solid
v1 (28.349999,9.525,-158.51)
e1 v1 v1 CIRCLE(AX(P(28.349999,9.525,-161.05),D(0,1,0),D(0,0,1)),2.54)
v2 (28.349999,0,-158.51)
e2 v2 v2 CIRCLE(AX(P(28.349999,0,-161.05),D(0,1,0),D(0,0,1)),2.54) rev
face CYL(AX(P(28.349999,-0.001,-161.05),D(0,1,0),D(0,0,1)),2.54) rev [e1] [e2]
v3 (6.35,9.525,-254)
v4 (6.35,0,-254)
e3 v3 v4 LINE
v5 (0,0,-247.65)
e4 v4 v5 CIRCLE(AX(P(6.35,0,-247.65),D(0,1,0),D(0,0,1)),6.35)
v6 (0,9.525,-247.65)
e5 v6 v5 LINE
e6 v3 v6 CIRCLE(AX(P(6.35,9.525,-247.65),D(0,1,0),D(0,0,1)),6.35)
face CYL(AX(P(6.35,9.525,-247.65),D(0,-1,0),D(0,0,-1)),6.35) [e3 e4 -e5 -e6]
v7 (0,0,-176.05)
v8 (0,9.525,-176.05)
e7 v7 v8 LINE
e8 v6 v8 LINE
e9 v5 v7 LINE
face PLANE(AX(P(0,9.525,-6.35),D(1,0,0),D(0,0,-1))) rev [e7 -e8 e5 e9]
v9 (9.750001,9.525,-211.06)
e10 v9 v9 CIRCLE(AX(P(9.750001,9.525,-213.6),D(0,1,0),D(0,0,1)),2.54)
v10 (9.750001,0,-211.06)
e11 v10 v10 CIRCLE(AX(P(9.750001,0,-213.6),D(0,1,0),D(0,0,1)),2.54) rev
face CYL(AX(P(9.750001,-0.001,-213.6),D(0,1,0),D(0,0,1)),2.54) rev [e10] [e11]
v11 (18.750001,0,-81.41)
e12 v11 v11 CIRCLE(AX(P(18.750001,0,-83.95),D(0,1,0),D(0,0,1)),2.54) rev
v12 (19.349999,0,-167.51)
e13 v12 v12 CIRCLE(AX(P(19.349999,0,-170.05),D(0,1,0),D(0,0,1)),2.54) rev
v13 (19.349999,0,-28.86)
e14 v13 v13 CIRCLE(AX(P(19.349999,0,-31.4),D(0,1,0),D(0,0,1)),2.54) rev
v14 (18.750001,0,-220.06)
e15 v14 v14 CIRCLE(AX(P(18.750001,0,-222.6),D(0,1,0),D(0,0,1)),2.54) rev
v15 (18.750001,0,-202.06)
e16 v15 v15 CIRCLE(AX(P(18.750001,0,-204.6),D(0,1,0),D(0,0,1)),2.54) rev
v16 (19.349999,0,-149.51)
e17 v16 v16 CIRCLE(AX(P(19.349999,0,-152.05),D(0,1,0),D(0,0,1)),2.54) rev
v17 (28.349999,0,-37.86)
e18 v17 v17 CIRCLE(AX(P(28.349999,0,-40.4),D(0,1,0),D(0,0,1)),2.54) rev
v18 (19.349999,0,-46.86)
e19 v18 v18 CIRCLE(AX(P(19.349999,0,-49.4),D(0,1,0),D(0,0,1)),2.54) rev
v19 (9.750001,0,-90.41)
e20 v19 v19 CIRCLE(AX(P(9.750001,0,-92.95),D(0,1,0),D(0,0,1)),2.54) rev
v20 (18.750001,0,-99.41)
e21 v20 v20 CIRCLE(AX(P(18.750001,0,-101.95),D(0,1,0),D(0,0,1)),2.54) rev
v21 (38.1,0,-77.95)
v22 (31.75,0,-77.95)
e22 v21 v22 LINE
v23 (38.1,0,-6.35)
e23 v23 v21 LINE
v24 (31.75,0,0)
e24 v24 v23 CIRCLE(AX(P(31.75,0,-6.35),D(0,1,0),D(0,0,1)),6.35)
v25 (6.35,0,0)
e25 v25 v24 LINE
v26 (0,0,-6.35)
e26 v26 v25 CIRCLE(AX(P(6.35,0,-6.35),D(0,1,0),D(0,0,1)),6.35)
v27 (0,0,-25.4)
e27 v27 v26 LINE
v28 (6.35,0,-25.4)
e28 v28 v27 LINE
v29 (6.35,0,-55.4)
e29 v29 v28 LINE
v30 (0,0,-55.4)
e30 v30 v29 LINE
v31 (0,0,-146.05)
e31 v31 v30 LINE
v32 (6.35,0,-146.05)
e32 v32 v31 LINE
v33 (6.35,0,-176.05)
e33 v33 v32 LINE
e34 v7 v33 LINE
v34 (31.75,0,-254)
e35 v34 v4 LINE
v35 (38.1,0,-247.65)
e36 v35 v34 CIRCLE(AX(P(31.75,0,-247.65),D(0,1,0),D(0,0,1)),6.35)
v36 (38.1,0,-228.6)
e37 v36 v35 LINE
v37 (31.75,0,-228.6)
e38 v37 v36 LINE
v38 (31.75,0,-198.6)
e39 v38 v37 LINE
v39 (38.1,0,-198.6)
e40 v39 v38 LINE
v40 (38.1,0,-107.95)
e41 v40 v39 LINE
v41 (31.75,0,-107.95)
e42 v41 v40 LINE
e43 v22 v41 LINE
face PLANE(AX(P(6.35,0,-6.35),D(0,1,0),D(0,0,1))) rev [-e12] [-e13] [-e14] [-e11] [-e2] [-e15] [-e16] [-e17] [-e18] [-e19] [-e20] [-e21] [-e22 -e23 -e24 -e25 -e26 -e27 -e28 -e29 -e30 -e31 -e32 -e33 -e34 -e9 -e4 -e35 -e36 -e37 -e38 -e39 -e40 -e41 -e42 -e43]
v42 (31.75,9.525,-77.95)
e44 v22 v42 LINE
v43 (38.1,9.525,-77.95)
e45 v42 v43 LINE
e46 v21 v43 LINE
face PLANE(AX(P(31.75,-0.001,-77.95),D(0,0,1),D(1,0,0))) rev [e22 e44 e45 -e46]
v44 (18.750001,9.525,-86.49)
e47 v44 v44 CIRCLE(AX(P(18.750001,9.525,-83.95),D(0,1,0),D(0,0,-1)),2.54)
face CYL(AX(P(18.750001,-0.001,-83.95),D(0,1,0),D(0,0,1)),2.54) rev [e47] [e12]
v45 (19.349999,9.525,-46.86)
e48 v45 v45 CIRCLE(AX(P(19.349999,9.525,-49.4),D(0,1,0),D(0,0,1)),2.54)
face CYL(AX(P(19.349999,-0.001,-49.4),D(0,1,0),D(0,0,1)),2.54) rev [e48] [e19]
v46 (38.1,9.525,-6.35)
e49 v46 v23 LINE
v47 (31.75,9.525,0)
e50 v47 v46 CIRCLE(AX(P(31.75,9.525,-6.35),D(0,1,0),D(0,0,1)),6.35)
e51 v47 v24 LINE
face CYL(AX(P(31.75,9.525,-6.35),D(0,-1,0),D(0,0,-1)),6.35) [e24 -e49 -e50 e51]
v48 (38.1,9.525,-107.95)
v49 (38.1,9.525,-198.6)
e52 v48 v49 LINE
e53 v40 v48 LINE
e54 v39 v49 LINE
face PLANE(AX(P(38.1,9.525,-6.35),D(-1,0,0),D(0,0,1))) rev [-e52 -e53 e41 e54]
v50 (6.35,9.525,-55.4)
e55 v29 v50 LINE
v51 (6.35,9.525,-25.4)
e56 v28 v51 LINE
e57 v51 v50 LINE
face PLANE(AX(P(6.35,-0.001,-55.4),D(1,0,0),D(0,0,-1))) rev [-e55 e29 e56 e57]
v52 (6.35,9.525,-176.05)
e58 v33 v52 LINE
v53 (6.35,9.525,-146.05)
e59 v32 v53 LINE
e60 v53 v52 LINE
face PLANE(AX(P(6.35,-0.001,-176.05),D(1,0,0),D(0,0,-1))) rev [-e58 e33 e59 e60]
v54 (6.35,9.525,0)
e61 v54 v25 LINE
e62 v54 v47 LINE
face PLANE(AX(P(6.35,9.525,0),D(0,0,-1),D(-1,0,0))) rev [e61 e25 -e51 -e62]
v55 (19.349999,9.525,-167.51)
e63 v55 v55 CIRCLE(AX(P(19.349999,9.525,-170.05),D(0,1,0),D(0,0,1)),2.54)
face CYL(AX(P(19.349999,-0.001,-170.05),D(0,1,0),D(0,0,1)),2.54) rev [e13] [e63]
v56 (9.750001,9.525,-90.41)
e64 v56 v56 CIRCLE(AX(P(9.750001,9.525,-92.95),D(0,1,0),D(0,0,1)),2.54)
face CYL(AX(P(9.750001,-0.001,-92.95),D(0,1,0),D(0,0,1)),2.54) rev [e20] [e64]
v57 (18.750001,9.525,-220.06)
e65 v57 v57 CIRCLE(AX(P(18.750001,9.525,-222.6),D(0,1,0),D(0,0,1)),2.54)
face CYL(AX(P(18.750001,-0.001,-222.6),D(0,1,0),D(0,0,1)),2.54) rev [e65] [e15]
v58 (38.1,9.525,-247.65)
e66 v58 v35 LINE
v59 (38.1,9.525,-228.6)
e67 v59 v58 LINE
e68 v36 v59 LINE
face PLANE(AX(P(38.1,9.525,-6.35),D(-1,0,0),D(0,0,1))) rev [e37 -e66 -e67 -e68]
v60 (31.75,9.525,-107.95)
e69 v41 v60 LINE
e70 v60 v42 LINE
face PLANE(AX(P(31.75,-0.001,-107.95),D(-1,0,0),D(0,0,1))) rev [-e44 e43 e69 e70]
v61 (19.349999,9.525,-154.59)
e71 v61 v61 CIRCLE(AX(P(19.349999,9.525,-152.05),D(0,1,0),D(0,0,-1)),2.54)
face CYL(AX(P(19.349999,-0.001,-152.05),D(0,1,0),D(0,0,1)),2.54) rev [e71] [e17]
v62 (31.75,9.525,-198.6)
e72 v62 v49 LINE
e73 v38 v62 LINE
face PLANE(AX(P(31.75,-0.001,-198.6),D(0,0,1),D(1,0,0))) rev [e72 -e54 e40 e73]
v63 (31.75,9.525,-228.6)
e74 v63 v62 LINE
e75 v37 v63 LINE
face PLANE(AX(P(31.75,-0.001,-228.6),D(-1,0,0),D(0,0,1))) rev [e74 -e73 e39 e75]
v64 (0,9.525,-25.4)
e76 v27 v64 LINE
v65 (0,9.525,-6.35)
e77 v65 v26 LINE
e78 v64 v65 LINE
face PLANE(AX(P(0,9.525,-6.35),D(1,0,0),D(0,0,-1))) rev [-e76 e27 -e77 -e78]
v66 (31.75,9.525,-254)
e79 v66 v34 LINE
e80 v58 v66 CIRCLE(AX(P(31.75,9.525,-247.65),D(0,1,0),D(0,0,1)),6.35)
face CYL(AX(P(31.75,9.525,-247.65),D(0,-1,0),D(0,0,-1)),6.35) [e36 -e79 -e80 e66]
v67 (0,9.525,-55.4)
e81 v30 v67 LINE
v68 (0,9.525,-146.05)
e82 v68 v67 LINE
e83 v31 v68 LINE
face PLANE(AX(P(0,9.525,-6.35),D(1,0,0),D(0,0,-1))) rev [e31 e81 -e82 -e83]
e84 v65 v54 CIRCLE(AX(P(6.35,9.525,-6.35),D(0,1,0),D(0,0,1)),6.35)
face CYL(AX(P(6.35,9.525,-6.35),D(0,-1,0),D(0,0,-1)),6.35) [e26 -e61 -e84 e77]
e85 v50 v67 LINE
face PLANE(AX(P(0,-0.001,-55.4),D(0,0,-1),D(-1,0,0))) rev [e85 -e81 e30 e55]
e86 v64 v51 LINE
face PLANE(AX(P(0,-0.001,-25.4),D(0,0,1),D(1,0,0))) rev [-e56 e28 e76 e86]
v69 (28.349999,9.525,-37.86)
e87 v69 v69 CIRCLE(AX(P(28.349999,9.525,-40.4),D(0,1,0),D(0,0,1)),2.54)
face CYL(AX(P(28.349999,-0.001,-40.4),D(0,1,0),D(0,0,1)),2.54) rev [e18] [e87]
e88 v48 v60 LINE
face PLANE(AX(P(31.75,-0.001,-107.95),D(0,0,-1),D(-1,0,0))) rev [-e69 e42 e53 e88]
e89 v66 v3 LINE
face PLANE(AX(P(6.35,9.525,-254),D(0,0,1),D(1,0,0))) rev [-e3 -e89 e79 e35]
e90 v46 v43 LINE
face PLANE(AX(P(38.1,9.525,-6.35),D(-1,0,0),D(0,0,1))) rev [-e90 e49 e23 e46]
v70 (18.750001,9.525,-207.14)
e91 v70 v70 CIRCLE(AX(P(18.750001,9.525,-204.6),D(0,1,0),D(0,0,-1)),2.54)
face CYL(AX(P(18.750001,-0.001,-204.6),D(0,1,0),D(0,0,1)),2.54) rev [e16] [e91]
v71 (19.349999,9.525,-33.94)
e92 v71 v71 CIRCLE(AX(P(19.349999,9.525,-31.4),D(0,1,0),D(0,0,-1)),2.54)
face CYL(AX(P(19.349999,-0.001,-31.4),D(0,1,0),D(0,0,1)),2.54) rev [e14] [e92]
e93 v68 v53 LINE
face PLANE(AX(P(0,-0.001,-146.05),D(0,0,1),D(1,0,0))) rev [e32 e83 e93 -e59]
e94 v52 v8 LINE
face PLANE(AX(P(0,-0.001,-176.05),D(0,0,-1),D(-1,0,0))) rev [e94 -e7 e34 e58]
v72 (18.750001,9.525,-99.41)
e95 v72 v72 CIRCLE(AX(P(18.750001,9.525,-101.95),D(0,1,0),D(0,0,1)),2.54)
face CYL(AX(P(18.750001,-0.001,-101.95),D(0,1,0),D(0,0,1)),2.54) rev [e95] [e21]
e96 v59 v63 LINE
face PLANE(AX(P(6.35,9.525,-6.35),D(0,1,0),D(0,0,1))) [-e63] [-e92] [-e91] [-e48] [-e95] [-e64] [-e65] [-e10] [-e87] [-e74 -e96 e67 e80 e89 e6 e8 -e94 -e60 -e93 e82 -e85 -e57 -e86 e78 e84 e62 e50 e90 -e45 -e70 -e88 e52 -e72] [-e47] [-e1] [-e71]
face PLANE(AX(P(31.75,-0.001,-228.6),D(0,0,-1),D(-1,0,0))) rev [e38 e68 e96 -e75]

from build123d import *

# Parameters (mm, degrees)
BOSS_EXTRUDE1_DEPTH = 9.525
CUT_EXTRUDE1_REACH  = 11.525
SKETCH2_R           = 2.54
SKETCH2_W           = 6.35
SKETCH2_H           = 30


with BuildPart() as part:
    # Sketch1 → Boss-Extrude1 (new body)
    with BuildSketch(Plane(origin=(0, 0, 0), x_dir=(1, 0, 0), z_dir=(0, 1, 0))):
        with BuildLine():
            Line((6.35, 0), (31.75, 0))
            ThreePointArc((31.75, 0), (36.240128061, 1.859871939), (38.1, 6.35))
            Line((38.1, 6.35), (38.1, 247.65))
            ThreePointArc((38.1, 247.65), (36.240128061, 252.140128061), (31.75, 254))
            Line((31.75, 254), (6.35, 254))
            ThreePointArc((6.35, 254), (1.859871939, 252.140128061), (0, 247.65))
            Line((0, 247.65), (0, 6.35))
            ThreePointArc((0, 6.35), (1.859871939, 1.859871939), (6.35, 0))
        make_face()
    extrude(amount=BOSS_EXTRUDE1_DEPTH)

    # Sketch2 → Cut-Extrude1 (cut, up to next)
    with BuildSketch(Plane(origin=(0, 9.525, 0), x_dir=(1, 0, 0), z_dir=(0, 1, 0)), mode=Mode.PRIVATE) as cut_extrude1_sk1:
        with Locations((28.34999918, 40.4)):
            Circle(SKETCH2_R)
    cut_extrude1_tool1 = extrude(cut_extrude1_sk1.sketch, amount=-CUT_EXTRUDE1_REACH, mode=Mode.PRIVATE) & part.part
    add(cut_extrude1_tool1.solids().sort_by_distance((28.349999, 9.525, -40.4))[0], mode=Mode.SUBTRACT)
    # Sketch2 → Cut-Extrude1 (cut, up to next)
    with BuildSketch(Plane(origin=(0, 9.525, 0), x_dir=(1, 0, 0), z_dir=(0, 1, 0)), mode=Mode.PRIVATE) as cut_extrude1_sk2:
        with Locations((19.3499994, 49.39999978)):
            Circle(SKETCH2_R)
    cut_extrude1_tool2 = extrude(cut_extrude1_sk2.sketch, amount=-CUT_EXTRUDE1_REACH, mode=Mode.PRIVATE) & part.part
    add(cut_extrude1_tool2.solids().sort_by_distance((19.349999, 9.525, -49.4))[0], mode=Mode.SUBTRACT)
    # Sketch2 → Cut-Extrude1 (cut, up to next)
    with BuildSketch(Plane(origin=(0, 9.525, 0), x_dir=(1, 0, 0), z_dir=(0, 1, 0)), mode=Mode.PRIVATE) as cut_extrude1_sk3:
        with Locations((19.3499994, 31.40000022)):
            Circle(SKETCH2_R)
    cut_extrude1_tool3 = extrude(cut_extrude1_sk3.sketch, amount=-CUT_EXTRUDE1_REACH, mode=Mode.PRIVATE) & part.part
    add(cut_extrude1_tool3.solids().sort_by_distance((19.349999, 9.525, -31.4))[0], mode=Mode.SUBTRACT)
    # Sketch2 → Cut-Extrude1 (cut, up to next)
    with BuildSketch(Plane(origin=(0, 9.525, 0), x_dir=(1, 0, 0), z_dir=(0, 1, 0)), mode=Mode.PRIVATE) as cut_extrude1_sk4:
        with Locations((28.34999918, 161.05)):
            Circle(SKETCH2_R)
    cut_extrude1_tool4 = extrude(cut_extrude1_sk4.sketch, amount=-CUT_EXTRUDE1_REACH, mode=Mode.PRIVATE) & part.part
    add(cut_extrude1_tool4.solids().sort_by_distance((28.349999, 9.525, -161.05))[0], mode=Mode.SUBTRACT)
    # Sketch2 → Cut-Extrude1 (cut, up to next)
    with BuildSketch(Plane(origin=(0, 9.525, 0), x_dir=(1, 0, 0), z_dir=(0, 1, 0)), mode=Mode.PRIVATE) as cut_extrude1_sk5:
        with Locations((19.3499994, 170.04999978)):
            Circle(SKETCH2_R)
    cut_extrude1_tool5 = extrude(cut_extrude1_sk5.sketch, amount=-CUT_EXTRUDE1_REACH, mode=Mode.PRIVATE) & part.part
    add(cut_extrude1_tool5.solids().sort_by_distance((19.349999, 9.525, -170.05))[0], mode=Mode.SUBTRACT)
    # Sketch2 → Cut-Extrude1 (cut, up to next)
    with BuildSketch(Plane(origin=(0, 9.525, 0), x_dir=(1, 0, 0), z_dir=(0, 1, 0)), mode=Mode.PRIVATE) as cut_extrude1_sk6:
        with Locations((19.3499994, 152.05000022)):
            Circle(SKETCH2_R)
    cut_extrude1_tool6 = extrude(cut_extrude1_sk6.sketch, amount=-CUT_EXTRUDE1_REACH, mode=Mode.PRIVATE) & part.part
    add(cut_extrude1_tool6.solids().sort_by_distance((19.349999, 9.525, -152.05))[0], mode=Mode.SUBTRACT)
    # Sketch2 → Cut-Extrude1 (cut, up to next)
    with BuildSketch(Plane(origin=(0, 9.525, 0), x_dir=(1, 0, 0), z_dir=(0, 1, 0)), mode=Mode.PRIVATE) as cut_extrude1_sk7:
        with Locations((9.75000082, 213.6)):
            Circle(SKETCH2_R)
    cut_extrude1_tool7 = extrude(cut_extrude1_sk7.sketch, amount=-CUT_EXTRUDE1_REACH, mode=Mode.PRIVATE) & part.part
    add(cut_extrude1_tool7.solids().sort_by_distance((9.750001, 9.525, -213.6))[0], mode=Mode.SUBTRACT)
    # Sketch2 → Cut-Extrude1 (cut, up to next)
    with BuildSketch(Plane(origin=(0, 9.525, 0), x_dir=(1, 0, 0), z_dir=(0, 1, 0)), mode=Mode.PRIVATE) as cut_extrude1_sk8:
        with Locations((18.7500006, 222.59999978)):
            Circle(SKETCH2_R)
    cut_extrude1_tool8 = extrude(cut_extrude1_sk8.sketch, amount=-CUT_EXTRUDE1_REACH, mode=Mode.PRIVATE) & part.part
    add(cut_extrude1_tool8.solids().sort_by_distance((18.750001, 9.525, -222.6))[0], mode=Mode.SUBTRACT)
    # Sketch2 → Cut-Extrude1 (cut, up to next)
    with BuildSketch(Plane(origin=(0, 9.525, 0), x_dir=(1, 0, 0), z_dir=(0, 1, 0)), mode=Mode.PRIVATE) as cut_extrude1_sk9:
        with Locations((18.7500006, 204.60000022)):
            Circle(SKETCH2_R)
    cut_extrude1_tool9 = extrude(cut_extrude1_sk9.sketch, amount=-CUT_EXTRUDE1_REACH, mode=Mode.PRIVATE) & part.part
    add(cut_extrude1_tool9.solids().sort_by_distance((18.750001, 9.525, -204.6))[0], mode=Mode.SUBTRACT)
    # Sketch2 → Cut-Extrude1 (cut, up to next)
    with BuildSketch(Plane(origin=(0, 9.525, 0), x_dir=(1, 0, 0), z_dir=(0, 1, 0)), mode=Mode.PRIVATE) as cut_extrude1_sk10:
        with Locations((9.75000082, 92.95)):
            Circle(SKETCH2_R)
    cut_extrude1_tool10 = extrude(cut_extrude1_sk10.sketch, amount=-CUT_EXTRUDE1_REACH, mode=Mode.PRIVATE) & part.part
    add(cut_extrude1_tool10.solids().sort_by_distance((9.750001, 9.525, -92.95))[0], mode=Mode.SUBTRACT)
    # Sketch2 → Cut-Extrude1 (cut, up to next)
    with BuildSketch(Plane(origin=(0, 9.525, 0), x_dir=(1, 0, 0), z_dir=(0, 1, 0)), mode=Mode.PRIVATE) as cut_extrude1_sk11:
        with Locations((18.7500006, 101.94999978)):
            Circle(SKETCH2_R)
    cut_extrude1_tool11 = extrude(cut_extrude1_sk11.sketch, amount=-CUT_EXTRUDE1_REACH, mode=Mode.PRIVATE) & part.part
    add(cut_extrude1_tool11.solids().sort_by_distance((18.750001, 9.525, -101.95))[0], mode=Mode.SUBTRACT)
    # Sketch2 → Cut-Extrude1 (cut, up to next)
    with BuildSketch(Plane(origin=(0, 9.525, 0), x_dir=(1, 0, 0), z_dir=(0, 1, 0)), mode=Mode.PRIVATE) as cut_extrude1_sk12:
        with Locations((18.7500006, 83.95000022)):
            Circle(SKETCH2_R)
    cut_extrude1_tool12 = extrude(cut_extrude1_sk12.sketch, amount=-CUT_EXTRUDE1_REACH, mode=Mode.PRIVATE) & part.part
    add(cut_extrude1_tool12.solids().sort_by_distance((18.750001, 9.525, -83.95))[0], mode=Mode.SUBTRACT)
    # Sketch2 → Cut-Extrude1 (cut, up to next)
    with BuildSketch(Plane(origin=(0, 9.525, 0), x_dir=(1, 0, 0), z_dir=(0, 1, 0)), mode=Mode.PRIVATE) as cut_extrude1_sk13:
        with Locations((3.175, 40.4)):
            Rectangle(SKETCH2_W, SKETCH2_H)
    cut_extrude1_tool13 = extrude(cut_extrude1_sk13.sketch, amount=-CUT_EXTRUDE1_REACH, mode=Mode.PRIVATE) & part.part
    add(cut_extrude1_tool13.solids().sort_by_distance((3.175, 9.525, -40.4))[0], mode=Mode.SUBTRACT)
    # Sketch2 → Cut-Extrude1 (cut, up to next)
    with BuildSketch(Plane(origin=(0, 9.525, 0), x_dir=(1, 0, 0), z_dir=(0, 1, 0)), mode=Mode.PRIVATE) as cut_extrude1_sk14:
        with Locations((3.175, 161.05)):
            Rectangle(SKETCH2_W, SKETCH2_H)
    cut_extrude1_tool14 = extrude(cut_extrude1_sk14.sketch, amount=-CUT_EXTRUDE1_REACH, mode=Mode.PRIVATE) & part.part
    add(cut_extrude1_tool14.solids().sort_by_distance((3.175, 9.525, -161.05))[0], mode=Mode.SUBTRACT)
    # Sketch2 → Cut-Extrude1 (cut, up to next)
    with BuildSketch(Plane(origin=(0, 9.525, 0), x_dir=(1, 0, 0), z_dir=(0, 1, 0)), mode=Mode.PRIVATE) as cut_extrude1_sk15:
        with Locations((34.925, 213.6)):
            Rectangle(SKETCH2_W, SKETCH2_H)
    cut_extrude1_tool15 = extrude(cut_extrude1_sk15.sketch, amount=-CUT_EXTRUDE1_REACH, mode=Mode.PRIVATE) & part.part
    add(cut_extrude1_tool15.solids().sort_by_distance((34.925, 9.525, -213.6))[0], mode=Mode.SUBTRACT)
    # Sketch2 → Cut-Extrude1 (cut, up to next)
    with BuildSketch(Plane(origin=(0, 9.525, 0), x_dir=(1, 0, 0), z_dir=(0, 1, 0)), mode=Mode.PRIVATE) as cut_extrude1_sk16:
        with Locations((34.925, 92.95)):
            Rectangle(SKETCH2_W, SKETCH2_H)
    cut_extrude1_tool16 = extrude(cut_extrude1_sk16.sketch, amount=-CUT_EXTRUDE1_REACH, mode=Mode.PRIVATE) & part.part
    add(cut_extrude1_tool16.solids().sort_by_distance((34.925, 9.525, -92.95))[0], mode=Mode.SUBTRACT)


solid = part.part
